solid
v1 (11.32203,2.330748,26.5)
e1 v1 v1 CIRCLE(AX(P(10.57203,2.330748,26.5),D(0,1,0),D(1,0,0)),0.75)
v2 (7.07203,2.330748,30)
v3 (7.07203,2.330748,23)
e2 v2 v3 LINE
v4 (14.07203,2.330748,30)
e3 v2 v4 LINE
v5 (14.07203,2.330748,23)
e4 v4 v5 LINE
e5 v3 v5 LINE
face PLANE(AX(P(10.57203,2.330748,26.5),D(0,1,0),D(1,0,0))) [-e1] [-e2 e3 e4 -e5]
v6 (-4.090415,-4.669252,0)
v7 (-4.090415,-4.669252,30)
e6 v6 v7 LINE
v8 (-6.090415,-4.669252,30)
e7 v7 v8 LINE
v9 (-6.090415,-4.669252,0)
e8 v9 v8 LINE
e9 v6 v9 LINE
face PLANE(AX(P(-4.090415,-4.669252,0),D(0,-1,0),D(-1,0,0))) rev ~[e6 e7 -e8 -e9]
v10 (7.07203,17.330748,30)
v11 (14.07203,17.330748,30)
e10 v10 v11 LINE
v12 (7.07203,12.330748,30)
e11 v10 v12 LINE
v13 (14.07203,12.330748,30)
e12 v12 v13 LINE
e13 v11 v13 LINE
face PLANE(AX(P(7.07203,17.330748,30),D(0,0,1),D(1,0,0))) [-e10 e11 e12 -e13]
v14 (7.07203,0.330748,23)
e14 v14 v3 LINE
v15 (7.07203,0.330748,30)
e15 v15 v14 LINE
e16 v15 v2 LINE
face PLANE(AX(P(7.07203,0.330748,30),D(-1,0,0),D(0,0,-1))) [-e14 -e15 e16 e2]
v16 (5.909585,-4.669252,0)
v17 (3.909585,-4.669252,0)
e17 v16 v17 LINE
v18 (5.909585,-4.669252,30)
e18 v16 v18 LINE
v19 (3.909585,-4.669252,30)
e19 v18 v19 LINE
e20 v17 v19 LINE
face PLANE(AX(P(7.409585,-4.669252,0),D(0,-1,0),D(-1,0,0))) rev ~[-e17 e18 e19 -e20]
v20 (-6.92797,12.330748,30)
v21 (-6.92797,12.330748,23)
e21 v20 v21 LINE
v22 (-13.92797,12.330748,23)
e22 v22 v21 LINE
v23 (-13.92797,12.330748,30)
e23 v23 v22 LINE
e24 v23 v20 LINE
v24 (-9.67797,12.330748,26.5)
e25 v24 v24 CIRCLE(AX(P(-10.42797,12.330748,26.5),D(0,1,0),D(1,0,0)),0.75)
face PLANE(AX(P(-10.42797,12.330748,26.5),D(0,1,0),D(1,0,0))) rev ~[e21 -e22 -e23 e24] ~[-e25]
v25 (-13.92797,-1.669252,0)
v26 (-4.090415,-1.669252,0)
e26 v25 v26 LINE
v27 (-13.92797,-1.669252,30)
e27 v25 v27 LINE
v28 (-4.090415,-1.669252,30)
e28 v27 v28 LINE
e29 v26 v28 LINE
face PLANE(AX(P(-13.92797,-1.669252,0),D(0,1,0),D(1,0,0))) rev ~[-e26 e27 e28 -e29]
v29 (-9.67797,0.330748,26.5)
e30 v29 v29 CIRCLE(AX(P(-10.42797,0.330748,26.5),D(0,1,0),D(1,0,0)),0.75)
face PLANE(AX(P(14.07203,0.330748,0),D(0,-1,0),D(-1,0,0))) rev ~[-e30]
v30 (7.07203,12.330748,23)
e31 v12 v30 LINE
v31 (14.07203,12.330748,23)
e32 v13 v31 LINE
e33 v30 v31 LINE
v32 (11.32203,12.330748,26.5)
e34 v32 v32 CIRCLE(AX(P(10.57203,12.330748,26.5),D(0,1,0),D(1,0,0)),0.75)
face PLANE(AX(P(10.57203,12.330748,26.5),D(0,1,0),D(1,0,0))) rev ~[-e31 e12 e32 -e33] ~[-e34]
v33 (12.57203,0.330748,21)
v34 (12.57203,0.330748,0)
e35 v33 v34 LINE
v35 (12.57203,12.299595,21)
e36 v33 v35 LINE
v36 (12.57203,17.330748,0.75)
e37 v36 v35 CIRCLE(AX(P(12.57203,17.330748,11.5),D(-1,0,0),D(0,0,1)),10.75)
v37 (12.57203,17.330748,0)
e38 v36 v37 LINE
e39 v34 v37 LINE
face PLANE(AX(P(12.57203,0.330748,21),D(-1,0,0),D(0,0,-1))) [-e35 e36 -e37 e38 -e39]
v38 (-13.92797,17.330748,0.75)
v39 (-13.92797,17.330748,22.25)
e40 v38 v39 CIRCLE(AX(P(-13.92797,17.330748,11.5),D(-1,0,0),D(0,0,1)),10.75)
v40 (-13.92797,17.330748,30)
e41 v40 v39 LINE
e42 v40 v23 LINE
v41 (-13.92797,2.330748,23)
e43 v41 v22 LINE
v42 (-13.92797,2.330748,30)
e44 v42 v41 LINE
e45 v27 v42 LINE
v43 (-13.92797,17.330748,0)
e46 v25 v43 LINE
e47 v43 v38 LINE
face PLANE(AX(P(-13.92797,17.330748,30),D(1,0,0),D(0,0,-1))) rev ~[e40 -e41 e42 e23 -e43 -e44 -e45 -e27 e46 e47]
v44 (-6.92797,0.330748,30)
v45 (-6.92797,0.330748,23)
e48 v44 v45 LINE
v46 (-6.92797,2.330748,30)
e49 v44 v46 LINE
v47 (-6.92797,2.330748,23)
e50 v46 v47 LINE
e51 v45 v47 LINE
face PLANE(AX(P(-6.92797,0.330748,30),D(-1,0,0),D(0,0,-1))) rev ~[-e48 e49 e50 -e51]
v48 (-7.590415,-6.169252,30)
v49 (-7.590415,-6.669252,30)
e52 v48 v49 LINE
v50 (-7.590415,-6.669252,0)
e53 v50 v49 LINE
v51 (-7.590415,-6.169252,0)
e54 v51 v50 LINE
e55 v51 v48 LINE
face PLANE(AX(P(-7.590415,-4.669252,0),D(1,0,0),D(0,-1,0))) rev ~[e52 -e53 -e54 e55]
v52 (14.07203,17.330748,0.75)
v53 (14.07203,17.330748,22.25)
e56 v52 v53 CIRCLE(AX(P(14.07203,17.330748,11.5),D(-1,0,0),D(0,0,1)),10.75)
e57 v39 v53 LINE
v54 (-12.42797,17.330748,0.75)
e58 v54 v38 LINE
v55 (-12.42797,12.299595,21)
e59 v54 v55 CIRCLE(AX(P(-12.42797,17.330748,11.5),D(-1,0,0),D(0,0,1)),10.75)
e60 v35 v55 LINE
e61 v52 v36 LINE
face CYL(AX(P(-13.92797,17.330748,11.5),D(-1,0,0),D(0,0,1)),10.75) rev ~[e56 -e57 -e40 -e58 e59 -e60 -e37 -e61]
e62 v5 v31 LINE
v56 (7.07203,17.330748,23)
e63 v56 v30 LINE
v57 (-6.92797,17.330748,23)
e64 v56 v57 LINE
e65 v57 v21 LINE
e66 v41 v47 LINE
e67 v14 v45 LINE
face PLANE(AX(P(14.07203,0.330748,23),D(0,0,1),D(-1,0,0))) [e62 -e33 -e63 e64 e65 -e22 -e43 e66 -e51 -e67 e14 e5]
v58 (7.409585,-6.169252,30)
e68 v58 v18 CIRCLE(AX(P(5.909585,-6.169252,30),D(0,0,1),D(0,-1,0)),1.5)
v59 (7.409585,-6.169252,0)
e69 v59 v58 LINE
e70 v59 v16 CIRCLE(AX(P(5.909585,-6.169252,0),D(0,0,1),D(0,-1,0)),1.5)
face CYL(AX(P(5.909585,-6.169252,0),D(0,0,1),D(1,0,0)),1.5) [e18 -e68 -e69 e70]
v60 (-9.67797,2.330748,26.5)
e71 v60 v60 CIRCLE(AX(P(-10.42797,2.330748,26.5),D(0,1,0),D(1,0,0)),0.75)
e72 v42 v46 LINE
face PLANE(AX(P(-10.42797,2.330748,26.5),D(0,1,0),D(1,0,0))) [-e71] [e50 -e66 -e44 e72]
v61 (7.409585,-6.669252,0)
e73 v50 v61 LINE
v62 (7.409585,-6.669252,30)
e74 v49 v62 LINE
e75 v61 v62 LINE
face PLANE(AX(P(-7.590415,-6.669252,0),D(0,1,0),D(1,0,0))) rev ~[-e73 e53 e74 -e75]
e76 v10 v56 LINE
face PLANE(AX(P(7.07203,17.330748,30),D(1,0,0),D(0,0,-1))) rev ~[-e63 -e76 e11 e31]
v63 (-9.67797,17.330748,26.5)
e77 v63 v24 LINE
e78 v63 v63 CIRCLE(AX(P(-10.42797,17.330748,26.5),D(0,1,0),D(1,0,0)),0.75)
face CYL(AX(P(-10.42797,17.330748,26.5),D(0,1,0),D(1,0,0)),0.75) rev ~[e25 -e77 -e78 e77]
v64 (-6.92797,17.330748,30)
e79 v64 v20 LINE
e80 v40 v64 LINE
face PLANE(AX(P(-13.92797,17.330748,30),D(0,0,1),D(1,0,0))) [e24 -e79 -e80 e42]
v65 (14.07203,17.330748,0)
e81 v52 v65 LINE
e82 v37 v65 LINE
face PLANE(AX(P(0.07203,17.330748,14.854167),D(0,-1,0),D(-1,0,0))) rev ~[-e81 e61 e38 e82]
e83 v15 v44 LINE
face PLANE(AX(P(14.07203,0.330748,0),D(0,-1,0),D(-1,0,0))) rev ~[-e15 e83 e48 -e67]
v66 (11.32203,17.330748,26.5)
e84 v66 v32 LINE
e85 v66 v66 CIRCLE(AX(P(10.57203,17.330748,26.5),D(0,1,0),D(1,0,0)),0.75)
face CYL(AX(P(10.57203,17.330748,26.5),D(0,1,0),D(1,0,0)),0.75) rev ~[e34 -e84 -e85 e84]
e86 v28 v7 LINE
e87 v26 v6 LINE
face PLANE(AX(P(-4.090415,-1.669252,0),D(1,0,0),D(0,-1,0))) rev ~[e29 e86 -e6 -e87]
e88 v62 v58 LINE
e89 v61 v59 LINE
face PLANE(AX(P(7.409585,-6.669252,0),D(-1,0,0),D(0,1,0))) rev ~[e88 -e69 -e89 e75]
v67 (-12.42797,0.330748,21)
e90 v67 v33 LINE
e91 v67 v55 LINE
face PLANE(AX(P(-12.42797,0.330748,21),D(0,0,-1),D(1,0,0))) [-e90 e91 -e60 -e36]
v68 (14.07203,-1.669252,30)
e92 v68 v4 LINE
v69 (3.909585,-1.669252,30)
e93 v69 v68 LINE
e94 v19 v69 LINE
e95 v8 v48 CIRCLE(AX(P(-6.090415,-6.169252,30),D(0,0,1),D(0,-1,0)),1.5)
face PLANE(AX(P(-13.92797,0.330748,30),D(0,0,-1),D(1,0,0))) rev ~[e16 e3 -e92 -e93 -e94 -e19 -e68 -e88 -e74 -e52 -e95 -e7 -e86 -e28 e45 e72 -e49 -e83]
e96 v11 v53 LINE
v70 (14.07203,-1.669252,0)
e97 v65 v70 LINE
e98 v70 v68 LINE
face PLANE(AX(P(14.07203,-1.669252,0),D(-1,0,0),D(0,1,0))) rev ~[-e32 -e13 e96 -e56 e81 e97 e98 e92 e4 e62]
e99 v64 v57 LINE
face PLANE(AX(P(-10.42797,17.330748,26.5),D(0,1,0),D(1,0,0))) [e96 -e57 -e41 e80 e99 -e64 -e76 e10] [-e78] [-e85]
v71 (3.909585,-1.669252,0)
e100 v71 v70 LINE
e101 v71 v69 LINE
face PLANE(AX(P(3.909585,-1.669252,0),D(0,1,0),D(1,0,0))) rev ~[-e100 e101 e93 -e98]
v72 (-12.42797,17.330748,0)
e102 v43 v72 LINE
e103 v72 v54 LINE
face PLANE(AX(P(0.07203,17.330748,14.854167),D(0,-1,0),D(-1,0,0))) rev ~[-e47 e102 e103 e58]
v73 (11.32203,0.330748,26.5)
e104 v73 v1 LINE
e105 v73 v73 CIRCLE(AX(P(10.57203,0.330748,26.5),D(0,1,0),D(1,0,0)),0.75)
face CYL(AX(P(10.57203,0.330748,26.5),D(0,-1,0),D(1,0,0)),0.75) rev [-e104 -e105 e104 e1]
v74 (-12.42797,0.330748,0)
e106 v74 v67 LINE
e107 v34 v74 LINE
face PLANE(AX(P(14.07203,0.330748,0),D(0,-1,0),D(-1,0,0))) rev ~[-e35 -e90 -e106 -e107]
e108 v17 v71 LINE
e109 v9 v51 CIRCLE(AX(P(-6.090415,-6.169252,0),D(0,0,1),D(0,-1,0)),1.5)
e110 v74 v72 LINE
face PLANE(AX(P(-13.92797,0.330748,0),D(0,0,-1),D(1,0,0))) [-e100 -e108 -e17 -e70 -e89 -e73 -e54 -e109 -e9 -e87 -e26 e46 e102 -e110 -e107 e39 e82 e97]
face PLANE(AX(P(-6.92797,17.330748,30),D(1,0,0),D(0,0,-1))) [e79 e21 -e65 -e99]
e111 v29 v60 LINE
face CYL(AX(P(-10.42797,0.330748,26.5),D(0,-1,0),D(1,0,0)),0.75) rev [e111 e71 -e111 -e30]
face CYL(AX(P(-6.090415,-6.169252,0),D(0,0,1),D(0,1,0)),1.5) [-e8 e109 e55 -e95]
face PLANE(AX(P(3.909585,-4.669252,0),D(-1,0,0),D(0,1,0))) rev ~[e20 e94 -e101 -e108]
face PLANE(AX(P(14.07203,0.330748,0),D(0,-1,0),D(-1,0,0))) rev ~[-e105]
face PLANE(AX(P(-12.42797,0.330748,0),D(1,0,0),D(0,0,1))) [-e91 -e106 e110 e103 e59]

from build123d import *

# Parameters (mm, degrees)
EXTRUDE_1_DEPTH     = 30
FILLET_1_R          = 1.5
EXTRUDE_3_DEPTH     = 17
SKETCH_5_R          = 10.75
CUT_EXTRUDE_2_DEPTH = 29
SKETCH_6_W          = 7
SKETCH_6_H          = 7
SKETCH_6_R          = 0.75
EXTRUDE_4_DEPTH     = 2
EXTRUDE_START       = 15
SKETCH_8_W          = 7
SKETCH_8_H          = 7
SKETCH_8_R          = 0.75
EXTRUDE_5_DEPTH     = 5


with BuildPart() as part:
    # 草图1 → 凸台-拉伸1 (new body)
    with BuildSketch(Plane.XY):
        Polygon((-13.927970183, -1.669251604), (-4.090414819, -1.669251604), (-4.090414819, -4.669251604), (-7.590414819, -4.669251604), (-7.590414819, -6.669251604), (7.409585181, -6.669251604), (7.409585181, -4.669251604), (3.909585181, -4.669251604), (3.909585181, -1.669251604), (14.072029817, -1.669251604), (14.072029817, 0.330748396), (-13.927970183, 0.330748396), align=None)
    extrude(amount=EXTRUDE_1_DEPTH)

    # 圆角1
    fillet_1_edges = [part.edges().sort_by_distance(p)[0] for p in [
        (7.409585181, -4.669251604, 15),
        (-7.590414819, -4.669251604, 15),
    ]]
    fillet(fillet_1_edges, radius=FILLET_1_R)

    # 草图2 → 凸台-拉伸3 (add)
    with BuildSketch(Plane(origin=(0, 0.330748396, 0), x_dir=(1, 0, 0), z_dir=(0, 1, 0))):
        Polygon((-13.927970183, 0), (-12.427970183, 0), (-12.427970183, -21), (12.572029817, -21), (12.572029817, 0), (14.072029817, 0), (14.072029817, -21), (14.072029817, -23), (-13.927970183, -23), (-13.927970183, -21), align=None)
    extrude(amount=EXTRUDE_3_DEPTH)

    # 草图5 → 切除-拉伸2 (cut, through all)
    with BuildSketch(Plane.ZY.offset(13.927970183)):
        with Locations((11.5, 17.330748396)):
            Circle(SKETCH_5_R)
    extrude(amount=-CUT_EXTRUDE_2_DEPTH, mode=Mode.SUBTRACT)

    # 草图6 → 凸台-拉伸4 (add)
    with BuildSketch(Plane(origin=(0, 0.330748396, 0), x_dir=(1, 0, 0), z_dir=(0, 1, 0))):
        with Locations((-10.427970183, -26.5)):
            Rectangle(SKETCH_6_W, SKETCH_6_H)
        with Locations((-10.427970183, -26.5)):
            Circle(SKETCH_6_R, mode=Mode.SUBTRACT)
        with Locations((10.572029817, -26.5)):
            Rectangle(SKETCH_6_W, SKETCH_6_H)
        with Locations((10.572029817, -26.5)):
            Circle(SKETCH_6_R, mode=Mode.SUBTRACT)
    extrude(amount=EXTRUDE_4_DEPTH)

    # 草图8 → 凸台-拉伸5 (add)
    with BuildSketch(Plane(origin=(0, 2.330748396, 0), x_dir=(1, 0, 0), z_dir=(0, 1, 0)).offset(EXTRUDE_START)):
        with Locations((-10.427970183, -26.5)):
            Rectangle(SKETCH_8_W, SKETCH_8_H)
        with Locations((-10.427970183, -26.5)):
            Circle(SKETCH_8_R, mode=Mode.SUBTRACT)
        with Locations((10.572029817, -26.5)):
            Rectangle(SKETCH_8_W, SKETCH_8_H)
        with Locations((10.572029817, -26.5)):
            Circle(SKETCH_8_R, mode=Mode.SUBTRACT)
    extrude(amount=-EXTRUDE_5_DEPTH)


solid = part.part
